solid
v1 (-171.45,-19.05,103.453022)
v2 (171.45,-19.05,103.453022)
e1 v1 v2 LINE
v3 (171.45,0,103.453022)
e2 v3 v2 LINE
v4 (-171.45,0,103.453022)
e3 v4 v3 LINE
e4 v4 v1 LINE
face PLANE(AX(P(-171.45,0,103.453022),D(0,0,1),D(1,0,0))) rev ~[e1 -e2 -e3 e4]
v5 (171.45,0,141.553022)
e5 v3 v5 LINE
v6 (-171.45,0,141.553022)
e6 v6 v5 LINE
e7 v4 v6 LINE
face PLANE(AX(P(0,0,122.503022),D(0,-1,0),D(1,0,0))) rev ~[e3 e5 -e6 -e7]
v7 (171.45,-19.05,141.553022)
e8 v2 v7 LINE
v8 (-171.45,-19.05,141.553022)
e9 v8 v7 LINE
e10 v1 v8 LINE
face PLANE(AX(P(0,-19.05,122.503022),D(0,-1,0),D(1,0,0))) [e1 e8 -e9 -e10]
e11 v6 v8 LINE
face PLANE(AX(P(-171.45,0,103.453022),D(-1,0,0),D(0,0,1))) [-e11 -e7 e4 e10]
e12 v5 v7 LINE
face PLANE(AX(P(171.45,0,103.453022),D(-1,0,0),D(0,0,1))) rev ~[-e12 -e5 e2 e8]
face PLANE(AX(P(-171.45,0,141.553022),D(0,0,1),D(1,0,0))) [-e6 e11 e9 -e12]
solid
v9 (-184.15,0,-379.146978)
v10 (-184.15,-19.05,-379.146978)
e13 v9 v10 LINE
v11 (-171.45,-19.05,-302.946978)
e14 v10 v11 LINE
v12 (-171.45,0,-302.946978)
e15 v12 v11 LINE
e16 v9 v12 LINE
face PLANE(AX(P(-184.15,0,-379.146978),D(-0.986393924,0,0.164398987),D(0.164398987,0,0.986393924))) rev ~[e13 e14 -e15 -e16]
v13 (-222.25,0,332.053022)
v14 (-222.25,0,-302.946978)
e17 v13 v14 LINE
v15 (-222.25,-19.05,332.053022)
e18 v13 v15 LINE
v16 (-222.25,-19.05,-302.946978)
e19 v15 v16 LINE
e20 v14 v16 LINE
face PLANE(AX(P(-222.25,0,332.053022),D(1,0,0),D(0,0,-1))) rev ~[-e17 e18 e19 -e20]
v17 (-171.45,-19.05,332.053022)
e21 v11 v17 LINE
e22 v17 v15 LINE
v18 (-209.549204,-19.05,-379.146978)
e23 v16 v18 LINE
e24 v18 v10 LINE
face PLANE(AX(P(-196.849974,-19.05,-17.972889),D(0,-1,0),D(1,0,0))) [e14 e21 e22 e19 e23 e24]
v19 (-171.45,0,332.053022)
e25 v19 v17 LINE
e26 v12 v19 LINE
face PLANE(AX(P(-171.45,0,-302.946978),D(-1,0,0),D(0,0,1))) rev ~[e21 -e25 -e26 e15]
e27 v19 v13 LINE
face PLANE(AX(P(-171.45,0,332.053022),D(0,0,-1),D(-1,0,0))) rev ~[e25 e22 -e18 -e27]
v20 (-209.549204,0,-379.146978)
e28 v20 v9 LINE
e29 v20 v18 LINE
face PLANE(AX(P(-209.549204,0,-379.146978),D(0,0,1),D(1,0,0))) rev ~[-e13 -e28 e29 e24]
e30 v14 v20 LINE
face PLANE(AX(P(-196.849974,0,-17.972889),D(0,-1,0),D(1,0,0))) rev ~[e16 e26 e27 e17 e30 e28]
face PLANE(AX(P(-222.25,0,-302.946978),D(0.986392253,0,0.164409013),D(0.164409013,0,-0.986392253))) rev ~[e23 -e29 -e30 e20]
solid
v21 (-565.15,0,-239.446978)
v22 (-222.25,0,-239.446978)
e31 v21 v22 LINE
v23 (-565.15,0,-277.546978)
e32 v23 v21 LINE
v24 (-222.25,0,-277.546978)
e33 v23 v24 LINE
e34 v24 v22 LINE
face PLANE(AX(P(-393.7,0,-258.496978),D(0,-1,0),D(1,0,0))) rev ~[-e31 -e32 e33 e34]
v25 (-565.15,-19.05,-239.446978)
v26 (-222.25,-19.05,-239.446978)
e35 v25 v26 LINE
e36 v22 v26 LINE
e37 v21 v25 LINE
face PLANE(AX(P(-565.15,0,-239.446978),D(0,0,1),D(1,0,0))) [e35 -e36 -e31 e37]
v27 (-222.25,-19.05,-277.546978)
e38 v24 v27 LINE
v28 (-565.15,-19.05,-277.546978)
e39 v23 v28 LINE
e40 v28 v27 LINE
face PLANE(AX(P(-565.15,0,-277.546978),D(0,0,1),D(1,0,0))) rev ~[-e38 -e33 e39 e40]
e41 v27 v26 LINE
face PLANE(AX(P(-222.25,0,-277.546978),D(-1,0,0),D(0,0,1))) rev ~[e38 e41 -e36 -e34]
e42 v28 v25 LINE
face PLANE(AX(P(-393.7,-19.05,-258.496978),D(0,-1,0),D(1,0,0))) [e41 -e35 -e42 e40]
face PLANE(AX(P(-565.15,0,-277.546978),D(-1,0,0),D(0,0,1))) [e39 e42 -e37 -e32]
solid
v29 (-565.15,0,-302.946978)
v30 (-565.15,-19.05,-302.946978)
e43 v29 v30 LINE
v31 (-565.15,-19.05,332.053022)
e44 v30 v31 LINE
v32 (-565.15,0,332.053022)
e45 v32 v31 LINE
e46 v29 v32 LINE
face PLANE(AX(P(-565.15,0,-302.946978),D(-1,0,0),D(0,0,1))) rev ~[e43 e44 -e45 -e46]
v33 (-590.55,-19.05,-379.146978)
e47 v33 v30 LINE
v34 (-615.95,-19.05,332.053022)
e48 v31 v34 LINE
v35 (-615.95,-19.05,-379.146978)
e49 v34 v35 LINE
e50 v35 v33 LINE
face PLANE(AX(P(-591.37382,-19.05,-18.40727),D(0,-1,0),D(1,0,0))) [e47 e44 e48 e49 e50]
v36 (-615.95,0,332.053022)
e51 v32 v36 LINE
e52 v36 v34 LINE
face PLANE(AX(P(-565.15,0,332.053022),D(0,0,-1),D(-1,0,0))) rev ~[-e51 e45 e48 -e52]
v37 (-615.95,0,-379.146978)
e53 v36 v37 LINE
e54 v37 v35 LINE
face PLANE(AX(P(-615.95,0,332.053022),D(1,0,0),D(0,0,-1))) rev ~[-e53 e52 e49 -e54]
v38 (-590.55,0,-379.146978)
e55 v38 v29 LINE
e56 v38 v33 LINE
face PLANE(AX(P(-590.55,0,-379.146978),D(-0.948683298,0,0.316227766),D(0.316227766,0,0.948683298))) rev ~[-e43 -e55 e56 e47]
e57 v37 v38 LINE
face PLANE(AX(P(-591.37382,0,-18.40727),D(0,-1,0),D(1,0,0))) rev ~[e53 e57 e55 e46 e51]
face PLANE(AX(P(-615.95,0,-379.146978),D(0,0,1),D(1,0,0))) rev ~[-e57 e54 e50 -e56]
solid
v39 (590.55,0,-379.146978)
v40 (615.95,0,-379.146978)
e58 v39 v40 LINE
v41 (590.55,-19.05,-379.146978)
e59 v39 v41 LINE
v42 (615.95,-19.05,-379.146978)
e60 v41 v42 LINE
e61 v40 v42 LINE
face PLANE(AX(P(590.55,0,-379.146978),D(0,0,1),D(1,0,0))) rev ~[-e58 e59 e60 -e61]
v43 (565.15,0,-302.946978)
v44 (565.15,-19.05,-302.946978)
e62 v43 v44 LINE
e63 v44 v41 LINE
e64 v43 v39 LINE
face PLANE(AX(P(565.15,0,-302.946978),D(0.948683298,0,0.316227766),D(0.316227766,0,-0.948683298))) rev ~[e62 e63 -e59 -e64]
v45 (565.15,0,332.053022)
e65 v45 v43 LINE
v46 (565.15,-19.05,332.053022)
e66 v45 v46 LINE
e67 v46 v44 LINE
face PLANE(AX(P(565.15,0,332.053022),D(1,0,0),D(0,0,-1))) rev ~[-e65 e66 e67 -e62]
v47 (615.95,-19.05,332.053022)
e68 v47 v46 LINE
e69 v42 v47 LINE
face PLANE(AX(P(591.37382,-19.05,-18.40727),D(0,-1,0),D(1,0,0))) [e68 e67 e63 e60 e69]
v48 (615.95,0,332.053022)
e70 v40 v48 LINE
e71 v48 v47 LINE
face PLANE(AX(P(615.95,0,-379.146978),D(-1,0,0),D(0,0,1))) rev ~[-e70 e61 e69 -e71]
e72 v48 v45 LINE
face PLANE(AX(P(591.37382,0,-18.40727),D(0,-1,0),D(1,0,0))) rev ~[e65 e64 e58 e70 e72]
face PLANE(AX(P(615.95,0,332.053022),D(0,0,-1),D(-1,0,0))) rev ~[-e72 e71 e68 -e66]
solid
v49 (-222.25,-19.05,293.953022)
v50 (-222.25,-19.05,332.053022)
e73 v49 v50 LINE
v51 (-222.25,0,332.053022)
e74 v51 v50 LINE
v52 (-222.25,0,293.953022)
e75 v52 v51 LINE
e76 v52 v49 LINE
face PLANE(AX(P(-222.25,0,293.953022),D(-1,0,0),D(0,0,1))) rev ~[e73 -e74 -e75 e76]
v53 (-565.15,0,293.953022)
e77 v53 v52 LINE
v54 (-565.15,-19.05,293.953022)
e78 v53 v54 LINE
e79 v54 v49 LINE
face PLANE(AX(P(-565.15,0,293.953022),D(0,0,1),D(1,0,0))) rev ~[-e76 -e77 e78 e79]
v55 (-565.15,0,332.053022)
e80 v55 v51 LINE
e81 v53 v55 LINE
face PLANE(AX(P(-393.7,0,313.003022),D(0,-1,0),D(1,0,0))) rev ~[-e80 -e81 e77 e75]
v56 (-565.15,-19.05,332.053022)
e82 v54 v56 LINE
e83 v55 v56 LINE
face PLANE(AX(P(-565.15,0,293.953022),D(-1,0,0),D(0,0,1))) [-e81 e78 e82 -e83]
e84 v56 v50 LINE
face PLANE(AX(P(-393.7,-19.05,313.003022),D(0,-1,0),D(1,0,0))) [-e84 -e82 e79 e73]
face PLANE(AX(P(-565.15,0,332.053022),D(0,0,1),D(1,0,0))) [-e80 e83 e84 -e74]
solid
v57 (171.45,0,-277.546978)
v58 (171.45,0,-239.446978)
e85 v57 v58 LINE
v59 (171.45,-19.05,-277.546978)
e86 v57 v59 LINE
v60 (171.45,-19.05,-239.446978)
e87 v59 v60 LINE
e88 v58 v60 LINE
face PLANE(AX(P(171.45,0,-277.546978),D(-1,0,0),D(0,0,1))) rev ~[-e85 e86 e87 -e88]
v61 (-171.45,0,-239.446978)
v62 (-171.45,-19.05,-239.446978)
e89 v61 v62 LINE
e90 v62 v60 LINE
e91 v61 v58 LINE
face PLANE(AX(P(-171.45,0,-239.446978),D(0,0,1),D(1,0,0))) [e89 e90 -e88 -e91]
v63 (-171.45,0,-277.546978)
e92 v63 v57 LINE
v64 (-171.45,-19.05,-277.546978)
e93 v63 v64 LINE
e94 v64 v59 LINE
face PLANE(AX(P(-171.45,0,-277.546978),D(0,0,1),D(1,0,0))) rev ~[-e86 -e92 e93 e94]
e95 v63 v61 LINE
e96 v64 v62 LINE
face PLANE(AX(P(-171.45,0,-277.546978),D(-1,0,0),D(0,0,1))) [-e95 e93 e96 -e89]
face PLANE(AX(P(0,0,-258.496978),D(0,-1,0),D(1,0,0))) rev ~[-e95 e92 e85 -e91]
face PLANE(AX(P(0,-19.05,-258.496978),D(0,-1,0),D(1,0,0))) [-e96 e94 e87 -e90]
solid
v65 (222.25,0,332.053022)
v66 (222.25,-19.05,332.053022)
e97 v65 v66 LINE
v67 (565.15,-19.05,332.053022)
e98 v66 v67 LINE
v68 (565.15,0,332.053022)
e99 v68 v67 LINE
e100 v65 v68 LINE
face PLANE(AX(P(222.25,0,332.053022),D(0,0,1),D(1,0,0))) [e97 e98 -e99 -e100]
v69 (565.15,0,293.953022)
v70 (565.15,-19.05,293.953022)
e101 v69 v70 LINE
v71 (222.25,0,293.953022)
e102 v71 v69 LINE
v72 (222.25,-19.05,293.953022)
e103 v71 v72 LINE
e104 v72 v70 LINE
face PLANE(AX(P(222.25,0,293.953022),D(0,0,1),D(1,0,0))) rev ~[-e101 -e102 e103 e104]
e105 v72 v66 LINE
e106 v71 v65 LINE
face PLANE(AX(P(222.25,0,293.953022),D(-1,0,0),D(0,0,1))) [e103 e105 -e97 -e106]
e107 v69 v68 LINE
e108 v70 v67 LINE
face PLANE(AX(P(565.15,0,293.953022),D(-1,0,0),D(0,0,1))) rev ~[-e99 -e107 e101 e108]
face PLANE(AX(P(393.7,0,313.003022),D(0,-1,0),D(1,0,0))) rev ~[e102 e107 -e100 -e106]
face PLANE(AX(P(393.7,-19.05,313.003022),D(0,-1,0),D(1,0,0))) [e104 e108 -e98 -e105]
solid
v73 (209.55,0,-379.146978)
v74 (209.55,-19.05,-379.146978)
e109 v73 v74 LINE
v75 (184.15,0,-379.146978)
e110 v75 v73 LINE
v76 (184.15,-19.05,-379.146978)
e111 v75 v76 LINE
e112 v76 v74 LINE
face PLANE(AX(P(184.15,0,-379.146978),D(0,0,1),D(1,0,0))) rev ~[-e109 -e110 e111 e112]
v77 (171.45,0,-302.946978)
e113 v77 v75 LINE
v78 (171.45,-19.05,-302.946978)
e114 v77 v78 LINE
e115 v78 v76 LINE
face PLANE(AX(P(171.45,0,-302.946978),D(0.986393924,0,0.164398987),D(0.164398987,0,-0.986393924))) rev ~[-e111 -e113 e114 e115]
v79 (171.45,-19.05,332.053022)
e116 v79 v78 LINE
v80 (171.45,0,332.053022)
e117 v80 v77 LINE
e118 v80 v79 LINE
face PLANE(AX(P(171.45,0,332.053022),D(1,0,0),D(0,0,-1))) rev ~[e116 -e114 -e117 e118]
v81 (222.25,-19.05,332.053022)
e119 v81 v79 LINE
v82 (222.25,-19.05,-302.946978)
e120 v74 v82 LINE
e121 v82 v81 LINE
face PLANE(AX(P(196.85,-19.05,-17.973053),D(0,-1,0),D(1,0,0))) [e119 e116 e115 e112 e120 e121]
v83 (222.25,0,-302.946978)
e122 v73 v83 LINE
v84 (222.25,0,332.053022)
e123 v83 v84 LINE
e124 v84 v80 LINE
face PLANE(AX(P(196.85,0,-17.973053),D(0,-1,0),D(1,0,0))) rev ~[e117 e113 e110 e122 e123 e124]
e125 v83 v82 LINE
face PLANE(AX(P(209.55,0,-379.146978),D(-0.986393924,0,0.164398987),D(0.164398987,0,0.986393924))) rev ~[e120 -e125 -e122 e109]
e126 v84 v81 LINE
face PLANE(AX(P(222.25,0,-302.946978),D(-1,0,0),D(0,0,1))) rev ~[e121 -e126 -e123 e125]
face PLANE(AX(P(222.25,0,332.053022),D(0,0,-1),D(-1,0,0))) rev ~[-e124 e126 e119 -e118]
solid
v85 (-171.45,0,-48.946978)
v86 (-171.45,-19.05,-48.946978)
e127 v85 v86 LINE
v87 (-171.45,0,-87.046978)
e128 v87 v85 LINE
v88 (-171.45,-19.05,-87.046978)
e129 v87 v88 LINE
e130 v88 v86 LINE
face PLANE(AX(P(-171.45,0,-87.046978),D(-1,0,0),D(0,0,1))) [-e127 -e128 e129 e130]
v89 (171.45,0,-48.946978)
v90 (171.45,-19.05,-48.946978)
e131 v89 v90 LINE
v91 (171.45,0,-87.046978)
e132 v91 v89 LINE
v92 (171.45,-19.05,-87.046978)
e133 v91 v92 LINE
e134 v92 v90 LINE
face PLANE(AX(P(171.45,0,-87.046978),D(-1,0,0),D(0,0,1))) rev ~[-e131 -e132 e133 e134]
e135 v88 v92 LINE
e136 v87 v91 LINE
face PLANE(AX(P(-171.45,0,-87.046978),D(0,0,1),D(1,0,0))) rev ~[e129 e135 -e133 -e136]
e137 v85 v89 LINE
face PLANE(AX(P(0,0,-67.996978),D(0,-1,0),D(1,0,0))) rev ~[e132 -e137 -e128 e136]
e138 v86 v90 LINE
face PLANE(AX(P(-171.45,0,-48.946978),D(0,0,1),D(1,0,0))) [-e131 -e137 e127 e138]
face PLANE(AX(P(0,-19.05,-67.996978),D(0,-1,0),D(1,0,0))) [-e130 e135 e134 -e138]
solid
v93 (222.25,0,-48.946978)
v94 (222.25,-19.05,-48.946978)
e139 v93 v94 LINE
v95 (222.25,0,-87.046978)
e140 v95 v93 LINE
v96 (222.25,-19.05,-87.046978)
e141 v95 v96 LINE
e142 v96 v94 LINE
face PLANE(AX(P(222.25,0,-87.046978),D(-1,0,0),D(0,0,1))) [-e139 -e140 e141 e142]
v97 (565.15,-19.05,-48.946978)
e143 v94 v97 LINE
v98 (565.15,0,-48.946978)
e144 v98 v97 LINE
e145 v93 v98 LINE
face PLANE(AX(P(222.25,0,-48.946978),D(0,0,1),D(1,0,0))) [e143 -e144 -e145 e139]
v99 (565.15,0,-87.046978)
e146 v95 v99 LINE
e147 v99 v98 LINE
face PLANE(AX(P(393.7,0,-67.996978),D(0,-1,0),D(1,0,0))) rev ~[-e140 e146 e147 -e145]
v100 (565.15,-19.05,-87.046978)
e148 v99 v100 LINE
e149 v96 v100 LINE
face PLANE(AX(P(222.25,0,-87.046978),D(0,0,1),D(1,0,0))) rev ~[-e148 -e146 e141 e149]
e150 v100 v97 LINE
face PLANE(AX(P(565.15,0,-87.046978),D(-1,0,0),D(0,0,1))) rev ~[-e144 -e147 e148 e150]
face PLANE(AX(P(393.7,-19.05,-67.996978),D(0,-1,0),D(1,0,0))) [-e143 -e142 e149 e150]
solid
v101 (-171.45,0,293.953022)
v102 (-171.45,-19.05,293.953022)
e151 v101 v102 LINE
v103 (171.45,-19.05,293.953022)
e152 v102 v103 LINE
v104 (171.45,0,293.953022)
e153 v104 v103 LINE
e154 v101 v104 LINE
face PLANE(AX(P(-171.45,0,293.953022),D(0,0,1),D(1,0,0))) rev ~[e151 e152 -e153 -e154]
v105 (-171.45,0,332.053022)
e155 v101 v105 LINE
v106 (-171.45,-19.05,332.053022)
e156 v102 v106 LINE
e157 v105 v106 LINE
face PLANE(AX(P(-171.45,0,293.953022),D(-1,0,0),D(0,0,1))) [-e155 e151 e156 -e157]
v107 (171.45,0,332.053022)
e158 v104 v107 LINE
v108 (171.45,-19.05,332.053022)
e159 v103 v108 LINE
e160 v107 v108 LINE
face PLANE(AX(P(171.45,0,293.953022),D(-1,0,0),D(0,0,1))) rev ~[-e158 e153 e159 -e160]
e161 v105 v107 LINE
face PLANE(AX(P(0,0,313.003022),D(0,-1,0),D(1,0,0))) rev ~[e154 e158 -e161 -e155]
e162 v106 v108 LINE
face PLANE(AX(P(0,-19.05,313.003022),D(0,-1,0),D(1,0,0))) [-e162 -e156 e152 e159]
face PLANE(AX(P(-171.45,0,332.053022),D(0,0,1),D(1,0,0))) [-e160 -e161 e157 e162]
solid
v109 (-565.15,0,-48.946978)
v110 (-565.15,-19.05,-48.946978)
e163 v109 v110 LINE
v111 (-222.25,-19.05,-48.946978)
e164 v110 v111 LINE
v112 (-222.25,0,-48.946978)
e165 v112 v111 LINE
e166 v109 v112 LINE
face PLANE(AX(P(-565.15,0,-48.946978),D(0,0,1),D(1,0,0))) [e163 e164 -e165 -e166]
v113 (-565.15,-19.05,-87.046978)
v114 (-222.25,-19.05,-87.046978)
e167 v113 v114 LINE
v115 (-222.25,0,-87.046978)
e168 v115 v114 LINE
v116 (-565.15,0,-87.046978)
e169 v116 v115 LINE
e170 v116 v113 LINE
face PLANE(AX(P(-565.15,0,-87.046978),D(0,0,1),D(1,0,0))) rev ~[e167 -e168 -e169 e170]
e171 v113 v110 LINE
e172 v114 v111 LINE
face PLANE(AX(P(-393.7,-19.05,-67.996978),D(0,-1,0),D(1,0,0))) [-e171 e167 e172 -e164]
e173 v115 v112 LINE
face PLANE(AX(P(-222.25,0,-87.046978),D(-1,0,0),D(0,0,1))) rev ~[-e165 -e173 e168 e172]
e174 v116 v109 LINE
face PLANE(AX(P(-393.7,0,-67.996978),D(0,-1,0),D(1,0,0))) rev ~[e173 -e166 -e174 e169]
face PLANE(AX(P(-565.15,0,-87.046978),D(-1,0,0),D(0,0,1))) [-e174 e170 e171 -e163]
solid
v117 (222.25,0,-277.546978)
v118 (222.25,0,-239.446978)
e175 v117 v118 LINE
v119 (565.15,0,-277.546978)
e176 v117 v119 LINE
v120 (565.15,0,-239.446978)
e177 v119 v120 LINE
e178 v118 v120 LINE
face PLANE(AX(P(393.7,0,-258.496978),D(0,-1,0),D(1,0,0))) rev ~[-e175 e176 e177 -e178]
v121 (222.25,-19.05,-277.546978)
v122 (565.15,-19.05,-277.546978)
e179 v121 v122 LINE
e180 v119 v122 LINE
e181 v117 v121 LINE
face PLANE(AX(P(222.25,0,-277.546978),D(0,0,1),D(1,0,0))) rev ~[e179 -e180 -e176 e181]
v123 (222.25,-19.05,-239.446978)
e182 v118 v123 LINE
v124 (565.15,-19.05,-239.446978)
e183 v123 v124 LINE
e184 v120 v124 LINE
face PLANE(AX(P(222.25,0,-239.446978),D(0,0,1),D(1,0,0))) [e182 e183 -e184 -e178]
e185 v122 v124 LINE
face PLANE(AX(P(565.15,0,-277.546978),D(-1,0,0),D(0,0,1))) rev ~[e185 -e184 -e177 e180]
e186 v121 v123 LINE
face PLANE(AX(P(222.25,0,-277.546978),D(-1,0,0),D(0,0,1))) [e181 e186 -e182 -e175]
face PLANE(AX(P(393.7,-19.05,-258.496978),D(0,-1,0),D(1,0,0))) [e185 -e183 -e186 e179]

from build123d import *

# Parameters (mm, degrees)
F1_DEPTH = 19.05
F0_W     = 342.9
F0_H     = 38.1
F2_DEPTH = 19.05


with BuildPart() as f1:
    # F0 (on Front) → F1 (new body)
    with BuildSketch(Plane.XZ):
        Polygon((-565.15, 293.953022), (-565.15, 332.053022), (-615.95, 332.053022), (-615.95, -379.146978), (-590.55, -379.146978), (-565.15, -302.946978), (-565.15, -277.546978), (-565.15, -239.446978), (-565.15, -87.046978), (-565.15, -48.946978), align=None)
        Polygon((-171.45, 332.053022), (-222.25, 332.053022), (-222.25, 293.953022), (-222.25, -48.946978), (-222.25, -87.046978), (-222.25, -239.446978), (-222.25, -277.546978), (-222.25, -302.946978), (-209.549204, -379.146978), (-184.15, -379.146978), (-171.45, -302.946978), (-171.45, -277.546978), (-171.45, -239.446978), (-171.45, -87.046978), (-171.45, -48.946978), (-171.45, 103.453022), (-171.45, 141.553022), (-171.45, 293.953022), align=None)
        Polygon((222.25, 332.053022), (171.45, 332.053022), (171.45, 293.953022), (171.45, 141.553022), (171.45, 103.453022), (171.45, -48.946978), (171.45, -87.046978), (171.45, -239.446978), (171.45, -277.546978), (171.45, -302.946978), (184.15, -379.146978), (196.85, -379.146978), (209.55, -379.146978), (222.25, -302.946978), (222.25, -277.546978), (222.25, -239.446978), (222.25, -87.046978), (222.25, -48.946978), (222.25, 293.953022), align=None)
        Polygon((615.95, 332.053022), (565.15, 332.053022), (565.15, 293.953022), (565.15, -48.946978), (565.15, -87.046978), (565.15, -239.446978), (565.15, -277.546978), (565.15, -302.946978), (590.55, -379.146978), (615.95, -379.146978), align=None)
    extrude(amount=F1_DEPTH)


with BuildPart() as f2:
    # F0 (on Front) → F2 (new body)
    with BuildSketch(Plane.XZ):
        with Locations((-393.7, 313.003022)):
            Rectangle(F0_W, F0_H)
        with Locations((-393.7, -67.996978)):
            Rectangle(F0_W, F0_H)
        with Locations((-393.7, -258.496978)):
            Rectangle(F0_W, F0_H)
        with Locations((0, 313.003022)):
            Rectangle(F0_W, F0_H)
        with Locations((0, 122.503022)):
            Rectangle(F0_W, F0_H)
        with Locations((0, -67.996978)):
            Rectangle(F0_W, F0_H)
        with Locations((0, -258.496978)):
            Rectangle(F0_W, F0_H)
        with Locations((393.7, -258.496978)):
            Rectangle(F0_W, F0_H)
        with Locations((393.7, -67.996978)):
            Rectangle(F0_W, F0_H)
        with Locations((393.7, 313.003022)):
            Rectangle(F0_W, F0_H)
    extrude(amount=F2_DEPTH)


solid = Compound([f1.part, f2.part])
